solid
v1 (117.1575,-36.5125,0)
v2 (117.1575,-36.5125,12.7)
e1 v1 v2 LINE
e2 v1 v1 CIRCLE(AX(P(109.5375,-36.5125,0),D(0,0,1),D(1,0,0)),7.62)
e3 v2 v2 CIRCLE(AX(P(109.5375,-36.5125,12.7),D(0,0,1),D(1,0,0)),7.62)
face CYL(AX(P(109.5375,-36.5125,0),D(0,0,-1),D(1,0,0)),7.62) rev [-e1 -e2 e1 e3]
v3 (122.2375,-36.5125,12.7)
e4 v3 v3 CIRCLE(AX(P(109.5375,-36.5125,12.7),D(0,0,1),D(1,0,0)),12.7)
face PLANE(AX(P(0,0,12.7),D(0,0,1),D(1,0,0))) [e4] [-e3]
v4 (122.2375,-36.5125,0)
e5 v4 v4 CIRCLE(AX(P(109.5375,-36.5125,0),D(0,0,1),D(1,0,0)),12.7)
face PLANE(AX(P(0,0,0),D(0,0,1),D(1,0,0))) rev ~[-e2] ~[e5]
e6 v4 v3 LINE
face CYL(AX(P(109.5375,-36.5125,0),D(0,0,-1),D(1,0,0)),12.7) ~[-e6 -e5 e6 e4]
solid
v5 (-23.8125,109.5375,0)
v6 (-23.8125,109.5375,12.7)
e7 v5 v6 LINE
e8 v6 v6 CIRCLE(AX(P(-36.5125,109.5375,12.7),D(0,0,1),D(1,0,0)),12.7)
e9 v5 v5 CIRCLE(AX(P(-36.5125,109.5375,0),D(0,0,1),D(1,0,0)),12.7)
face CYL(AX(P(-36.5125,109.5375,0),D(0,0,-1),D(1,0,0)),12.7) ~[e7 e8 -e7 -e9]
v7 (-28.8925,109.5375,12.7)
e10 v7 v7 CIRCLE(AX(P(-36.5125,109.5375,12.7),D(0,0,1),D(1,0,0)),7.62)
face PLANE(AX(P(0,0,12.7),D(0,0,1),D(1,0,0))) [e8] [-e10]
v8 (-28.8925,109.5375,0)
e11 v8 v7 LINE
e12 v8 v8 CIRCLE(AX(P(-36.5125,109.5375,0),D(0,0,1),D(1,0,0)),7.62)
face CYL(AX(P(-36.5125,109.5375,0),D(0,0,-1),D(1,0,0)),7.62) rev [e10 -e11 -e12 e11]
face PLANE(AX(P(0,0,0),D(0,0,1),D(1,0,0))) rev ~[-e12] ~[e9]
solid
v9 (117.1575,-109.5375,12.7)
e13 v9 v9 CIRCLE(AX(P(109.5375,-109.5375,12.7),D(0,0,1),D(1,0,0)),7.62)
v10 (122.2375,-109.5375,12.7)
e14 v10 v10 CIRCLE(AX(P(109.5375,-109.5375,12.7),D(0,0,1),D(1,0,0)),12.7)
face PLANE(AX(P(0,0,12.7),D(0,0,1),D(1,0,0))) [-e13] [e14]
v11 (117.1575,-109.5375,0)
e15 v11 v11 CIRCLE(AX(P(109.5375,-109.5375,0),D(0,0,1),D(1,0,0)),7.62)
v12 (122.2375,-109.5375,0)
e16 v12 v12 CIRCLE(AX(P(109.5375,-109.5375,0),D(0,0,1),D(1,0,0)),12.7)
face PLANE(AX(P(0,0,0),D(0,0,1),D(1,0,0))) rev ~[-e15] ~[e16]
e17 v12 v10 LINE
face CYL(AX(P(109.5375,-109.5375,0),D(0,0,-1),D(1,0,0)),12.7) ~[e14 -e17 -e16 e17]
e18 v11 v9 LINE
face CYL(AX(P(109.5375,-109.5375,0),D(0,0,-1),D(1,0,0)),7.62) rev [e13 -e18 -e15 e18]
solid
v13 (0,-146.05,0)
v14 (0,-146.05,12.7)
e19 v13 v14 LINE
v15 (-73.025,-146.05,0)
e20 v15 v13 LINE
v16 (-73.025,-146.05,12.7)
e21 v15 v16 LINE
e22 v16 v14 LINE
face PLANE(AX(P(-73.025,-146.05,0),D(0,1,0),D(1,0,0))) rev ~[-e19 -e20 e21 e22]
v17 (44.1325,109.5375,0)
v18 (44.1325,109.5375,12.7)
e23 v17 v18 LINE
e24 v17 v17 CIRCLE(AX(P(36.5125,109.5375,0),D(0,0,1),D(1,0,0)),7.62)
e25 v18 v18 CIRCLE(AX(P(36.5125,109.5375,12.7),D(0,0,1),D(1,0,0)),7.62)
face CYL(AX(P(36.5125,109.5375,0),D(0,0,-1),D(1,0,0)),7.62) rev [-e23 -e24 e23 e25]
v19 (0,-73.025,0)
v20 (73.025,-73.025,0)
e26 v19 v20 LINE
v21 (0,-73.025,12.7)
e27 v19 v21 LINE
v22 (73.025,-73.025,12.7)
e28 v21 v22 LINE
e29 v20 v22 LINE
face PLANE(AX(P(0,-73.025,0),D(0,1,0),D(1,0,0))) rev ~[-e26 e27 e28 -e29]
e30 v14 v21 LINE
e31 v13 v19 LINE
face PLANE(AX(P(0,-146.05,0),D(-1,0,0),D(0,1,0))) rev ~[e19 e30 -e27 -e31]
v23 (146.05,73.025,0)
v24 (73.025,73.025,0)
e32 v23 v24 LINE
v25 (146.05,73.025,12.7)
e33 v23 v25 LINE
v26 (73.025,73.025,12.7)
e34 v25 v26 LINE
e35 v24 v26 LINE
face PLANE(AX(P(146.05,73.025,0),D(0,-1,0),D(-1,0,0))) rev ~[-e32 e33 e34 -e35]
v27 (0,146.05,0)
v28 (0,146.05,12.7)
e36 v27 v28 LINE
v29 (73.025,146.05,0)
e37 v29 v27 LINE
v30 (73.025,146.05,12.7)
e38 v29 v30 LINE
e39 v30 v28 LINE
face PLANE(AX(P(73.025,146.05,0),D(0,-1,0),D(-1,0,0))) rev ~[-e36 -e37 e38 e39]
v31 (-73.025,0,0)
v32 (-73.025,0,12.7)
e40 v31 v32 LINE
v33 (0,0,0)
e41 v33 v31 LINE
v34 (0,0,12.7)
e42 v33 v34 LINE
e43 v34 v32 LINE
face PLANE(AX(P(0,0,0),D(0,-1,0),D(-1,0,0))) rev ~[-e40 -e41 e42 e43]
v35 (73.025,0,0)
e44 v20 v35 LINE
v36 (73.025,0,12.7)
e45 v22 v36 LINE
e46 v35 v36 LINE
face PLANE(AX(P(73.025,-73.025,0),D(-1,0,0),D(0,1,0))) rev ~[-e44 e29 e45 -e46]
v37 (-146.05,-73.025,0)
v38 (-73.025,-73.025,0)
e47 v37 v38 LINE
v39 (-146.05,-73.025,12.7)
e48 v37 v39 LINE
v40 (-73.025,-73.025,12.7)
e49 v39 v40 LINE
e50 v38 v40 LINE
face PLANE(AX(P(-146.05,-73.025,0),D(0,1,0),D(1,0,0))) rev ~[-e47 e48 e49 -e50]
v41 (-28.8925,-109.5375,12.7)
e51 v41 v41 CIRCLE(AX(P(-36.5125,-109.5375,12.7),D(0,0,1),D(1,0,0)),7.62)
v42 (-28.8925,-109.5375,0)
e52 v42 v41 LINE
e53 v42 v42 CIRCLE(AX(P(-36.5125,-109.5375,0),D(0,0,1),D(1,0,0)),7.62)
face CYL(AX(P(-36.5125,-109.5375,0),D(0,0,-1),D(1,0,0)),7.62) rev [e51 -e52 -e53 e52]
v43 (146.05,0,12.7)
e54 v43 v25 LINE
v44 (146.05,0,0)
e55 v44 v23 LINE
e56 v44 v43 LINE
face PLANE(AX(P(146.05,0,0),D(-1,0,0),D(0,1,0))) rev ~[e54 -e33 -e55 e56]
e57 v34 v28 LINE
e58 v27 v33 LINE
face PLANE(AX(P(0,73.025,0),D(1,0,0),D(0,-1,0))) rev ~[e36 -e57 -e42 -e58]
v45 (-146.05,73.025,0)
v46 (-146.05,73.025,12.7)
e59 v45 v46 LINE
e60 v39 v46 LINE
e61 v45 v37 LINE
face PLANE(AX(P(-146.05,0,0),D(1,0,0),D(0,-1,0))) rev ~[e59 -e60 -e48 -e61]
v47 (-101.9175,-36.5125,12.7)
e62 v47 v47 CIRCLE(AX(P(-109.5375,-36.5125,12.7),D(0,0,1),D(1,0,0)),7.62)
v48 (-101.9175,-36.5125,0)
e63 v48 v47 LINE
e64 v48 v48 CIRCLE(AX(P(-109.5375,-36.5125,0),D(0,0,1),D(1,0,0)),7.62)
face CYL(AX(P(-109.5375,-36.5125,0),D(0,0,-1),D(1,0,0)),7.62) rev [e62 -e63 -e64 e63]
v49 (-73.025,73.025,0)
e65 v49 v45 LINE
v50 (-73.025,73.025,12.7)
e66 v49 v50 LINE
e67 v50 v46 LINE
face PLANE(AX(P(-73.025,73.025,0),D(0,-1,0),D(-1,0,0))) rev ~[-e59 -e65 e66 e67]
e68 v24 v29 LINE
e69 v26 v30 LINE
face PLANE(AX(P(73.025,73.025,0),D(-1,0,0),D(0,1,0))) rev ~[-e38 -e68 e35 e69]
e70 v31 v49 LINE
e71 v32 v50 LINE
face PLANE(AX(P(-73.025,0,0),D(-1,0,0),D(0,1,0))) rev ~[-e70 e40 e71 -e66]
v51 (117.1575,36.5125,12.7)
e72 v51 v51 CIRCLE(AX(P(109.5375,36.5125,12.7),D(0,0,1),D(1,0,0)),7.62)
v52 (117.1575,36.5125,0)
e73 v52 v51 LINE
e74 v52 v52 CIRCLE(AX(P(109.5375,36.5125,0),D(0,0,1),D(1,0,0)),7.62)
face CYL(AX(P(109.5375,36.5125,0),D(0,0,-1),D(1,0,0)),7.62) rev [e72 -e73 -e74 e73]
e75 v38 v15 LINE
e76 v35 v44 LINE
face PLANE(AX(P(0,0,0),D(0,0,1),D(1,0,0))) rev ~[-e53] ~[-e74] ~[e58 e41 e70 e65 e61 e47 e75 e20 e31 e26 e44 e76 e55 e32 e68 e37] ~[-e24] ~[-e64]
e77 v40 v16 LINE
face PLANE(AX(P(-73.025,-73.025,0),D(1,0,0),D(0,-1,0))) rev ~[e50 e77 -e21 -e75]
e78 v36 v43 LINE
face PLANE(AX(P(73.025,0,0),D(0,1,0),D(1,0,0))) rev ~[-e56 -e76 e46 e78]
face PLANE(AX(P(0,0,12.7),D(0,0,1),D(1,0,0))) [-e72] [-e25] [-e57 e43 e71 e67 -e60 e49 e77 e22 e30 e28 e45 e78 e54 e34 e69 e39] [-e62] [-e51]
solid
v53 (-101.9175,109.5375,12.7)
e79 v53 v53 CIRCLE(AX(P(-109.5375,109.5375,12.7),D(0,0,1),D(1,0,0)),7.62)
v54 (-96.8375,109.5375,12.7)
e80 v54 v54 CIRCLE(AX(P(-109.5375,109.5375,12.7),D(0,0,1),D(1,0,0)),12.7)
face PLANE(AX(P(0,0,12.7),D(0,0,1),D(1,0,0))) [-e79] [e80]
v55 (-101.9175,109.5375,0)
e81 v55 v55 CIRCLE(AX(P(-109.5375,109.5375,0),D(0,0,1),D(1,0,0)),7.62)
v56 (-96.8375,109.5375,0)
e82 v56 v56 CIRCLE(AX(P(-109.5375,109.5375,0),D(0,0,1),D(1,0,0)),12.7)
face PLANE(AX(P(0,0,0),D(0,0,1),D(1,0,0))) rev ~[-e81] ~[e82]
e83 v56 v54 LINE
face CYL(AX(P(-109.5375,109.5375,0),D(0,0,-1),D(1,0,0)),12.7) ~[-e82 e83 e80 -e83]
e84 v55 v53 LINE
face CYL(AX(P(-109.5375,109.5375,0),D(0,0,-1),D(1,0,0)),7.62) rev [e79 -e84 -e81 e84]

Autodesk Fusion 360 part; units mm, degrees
sketch "Sketch1" plane through (0, 0, 0) normal (0, 0, 1) x (1, 0, 0)
  line L0 (146.05, -146.05) -> (-146.05, -146.05) construction
  line L1 (-146.05, -146.05) -> (-146.05, 146.05) construction
  line L2 (-146.05, 146.05) -> (146.05, 146.05) construction
  line L3 (146.05, 146.05) -> (146.05, -146.05) construction
  line L4 (146.05, -146.05) -> (-146.05, 146.05) construction
  line L5 (-146.05, -146.05) -> (146.05, 146.05) construction
  line L6 (0, -146.05) -> (0, 0) construction
  line L7 (0, 0) -> (0, 146.05) construction
  line L8 (0, 0) -> (-146.05, 0) construction
  line L9 (0, 0) -> (146.05, 0) construction
  line L10 (-73.025, 0) -> (-73.025, -146.05) construction
  line L11 (73.025, 0) -> (73.025, -146.05) construction
  line L12 (73.025, 0) -> (73.025, 146.05) construction
  line L13 (-73.025, 0) -> (-73.025, 146.05) construction
  line L14 (0, -73.025) -> (146.05, -73.025) construction
  line L15 (0, -73.025) -> (-146.05, -73.025) construction
  line L16 (0, 73.025) -> (-146.05, 73.025) construction
  line L17 (0, 73.025) -> (146.05, 73.025) construction
  line L18 (-146.05, 73.025) -> (-146.05, -73.025)
  line L19 (-146.05, -73.025) -> (-73.025, -73.025)
  line L20 (-73.025, -73.025) -> (-73.025, -146.05)
  line L21 (-73.025, -146.05) -> (0, -146.05)
  line L22 (0, -146.05) -> (0, -73.025)
  line L23 (0, -73.025) -> (73.025, -73.025)
  line L24 (73.025, -73.025) -> (73.025, 0)
  line L25 (73.025, 0) -> (146.05, 0)
  line L26 (146.05, 0) -> (146.05, 73.025)
  line L27 (146.05, 73.025) -> (73.025, 73.025)
  line L28 (73.025, 73.025) -> (73.025, 146.05)
  line L29 (73.025, 146.05) -> (0, 146.05)
  line L30 (0, 146.05) -> (0, 73.025)
  line L31 (0, 73.025) -> (0, 0)
  line L32 (0, 0) -> (-73.025, 0)
  line L33 (-73.025, 0) -> (-73.025, 73.025)
  line L34 (-73.025, 73.025) -> (-146.05, 73.025)
  line L35 (73.025, 109.5375) -> (0, 109.5375) construction
  line L36 (36.5125, 146.05) -> (36.5125, 109.5375) construction
  line L37 (109.5375, 73.025) -> (109.5375, 0) construction
  line L38 (146.05, 36.5125) -> (109.5375, 36.5125) construction
  line L39 (-73.025, -109.5375) -> (0, -109.5375) construction
  line L40 (-36.5125, -146.05) -> (-36.5125, -109.5375) construction
  line L41 (-109.5375, -73.025) -> (-109.5375, 0) construction
  line L42 (-146.05, -73.025) -> (-146.05, 0)
  line L43 (-146.05, -36.5125) -> (-109.5375, -36.5125) construction
  circle A0 centre (36.5125, 109.5375) radius 7.62
  circle A1 centre (109.5375, 36.5125) radius 7.62
  circle A2 centre (-109.5375, -36.5125) radius 7.62
  circle A3 centre (-36.5125, -109.5375) radius 7.62
  line L44 (0, 109.5375) -> (-146.05, 109.5375) construction
  line L45 (109.5375, 0) -> (109.5375, -146.05) construction
  line L46 (-73.025, 73.025) -> (0, 146.05) construction
  line L47 (73.025, -73.025) -> (146.05, 0) construction
  circle A4 centre (-36.5125, 109.5375) radius 12.7
  circle A5 centre (-109.5375, 109.5375) radius 12.7
  circle A6 centre (109.5375, -36.5125) radius 12.7
  circle A7 centre (109.5375, -109.5375) radius 12.7
  circle A8 centre (-109.5375, 109.5375) radius 7.62
  circle A9 centre (-36.5125, 109.5375) radius 7.62
  circle A10 centre (109.5375, -36.5125) radius 7.62
  circle A11 centre (109.5375, -109.5375) radius 7.62
  dimension "d1" = 292.1
  dimension "d2" = 292.1
  dimension "d3" = 15.24
  dimension "d4" = 15.24
  dimension "d5" = 15.24
  dimension "d6" = 15.24
  dimension "d7" = 25.4
  dimension "d8" = 25.4
  dimension "d9" = 25.4
  dimension "d10" = 25.4
  dimension "d11" = 15.24
  dimension "d12" = 15.24
  dimension "d13" = 15.24
  dimension "d14" = 15.24
extrude "Extrude1" add sketch "Sketch1" along normal blind 12.7 makes body 1 at (-96.9006, 108.273, 8.4667) makes body 2 at (-23.8756, 108.273, 8.4667) makes body 3 at (122.1744, -37.777, 8.4667) makes body 4 at (-48.6833, -48.6833, 0) makes body 5 at (122.1744, -110.802, 8.4667)
